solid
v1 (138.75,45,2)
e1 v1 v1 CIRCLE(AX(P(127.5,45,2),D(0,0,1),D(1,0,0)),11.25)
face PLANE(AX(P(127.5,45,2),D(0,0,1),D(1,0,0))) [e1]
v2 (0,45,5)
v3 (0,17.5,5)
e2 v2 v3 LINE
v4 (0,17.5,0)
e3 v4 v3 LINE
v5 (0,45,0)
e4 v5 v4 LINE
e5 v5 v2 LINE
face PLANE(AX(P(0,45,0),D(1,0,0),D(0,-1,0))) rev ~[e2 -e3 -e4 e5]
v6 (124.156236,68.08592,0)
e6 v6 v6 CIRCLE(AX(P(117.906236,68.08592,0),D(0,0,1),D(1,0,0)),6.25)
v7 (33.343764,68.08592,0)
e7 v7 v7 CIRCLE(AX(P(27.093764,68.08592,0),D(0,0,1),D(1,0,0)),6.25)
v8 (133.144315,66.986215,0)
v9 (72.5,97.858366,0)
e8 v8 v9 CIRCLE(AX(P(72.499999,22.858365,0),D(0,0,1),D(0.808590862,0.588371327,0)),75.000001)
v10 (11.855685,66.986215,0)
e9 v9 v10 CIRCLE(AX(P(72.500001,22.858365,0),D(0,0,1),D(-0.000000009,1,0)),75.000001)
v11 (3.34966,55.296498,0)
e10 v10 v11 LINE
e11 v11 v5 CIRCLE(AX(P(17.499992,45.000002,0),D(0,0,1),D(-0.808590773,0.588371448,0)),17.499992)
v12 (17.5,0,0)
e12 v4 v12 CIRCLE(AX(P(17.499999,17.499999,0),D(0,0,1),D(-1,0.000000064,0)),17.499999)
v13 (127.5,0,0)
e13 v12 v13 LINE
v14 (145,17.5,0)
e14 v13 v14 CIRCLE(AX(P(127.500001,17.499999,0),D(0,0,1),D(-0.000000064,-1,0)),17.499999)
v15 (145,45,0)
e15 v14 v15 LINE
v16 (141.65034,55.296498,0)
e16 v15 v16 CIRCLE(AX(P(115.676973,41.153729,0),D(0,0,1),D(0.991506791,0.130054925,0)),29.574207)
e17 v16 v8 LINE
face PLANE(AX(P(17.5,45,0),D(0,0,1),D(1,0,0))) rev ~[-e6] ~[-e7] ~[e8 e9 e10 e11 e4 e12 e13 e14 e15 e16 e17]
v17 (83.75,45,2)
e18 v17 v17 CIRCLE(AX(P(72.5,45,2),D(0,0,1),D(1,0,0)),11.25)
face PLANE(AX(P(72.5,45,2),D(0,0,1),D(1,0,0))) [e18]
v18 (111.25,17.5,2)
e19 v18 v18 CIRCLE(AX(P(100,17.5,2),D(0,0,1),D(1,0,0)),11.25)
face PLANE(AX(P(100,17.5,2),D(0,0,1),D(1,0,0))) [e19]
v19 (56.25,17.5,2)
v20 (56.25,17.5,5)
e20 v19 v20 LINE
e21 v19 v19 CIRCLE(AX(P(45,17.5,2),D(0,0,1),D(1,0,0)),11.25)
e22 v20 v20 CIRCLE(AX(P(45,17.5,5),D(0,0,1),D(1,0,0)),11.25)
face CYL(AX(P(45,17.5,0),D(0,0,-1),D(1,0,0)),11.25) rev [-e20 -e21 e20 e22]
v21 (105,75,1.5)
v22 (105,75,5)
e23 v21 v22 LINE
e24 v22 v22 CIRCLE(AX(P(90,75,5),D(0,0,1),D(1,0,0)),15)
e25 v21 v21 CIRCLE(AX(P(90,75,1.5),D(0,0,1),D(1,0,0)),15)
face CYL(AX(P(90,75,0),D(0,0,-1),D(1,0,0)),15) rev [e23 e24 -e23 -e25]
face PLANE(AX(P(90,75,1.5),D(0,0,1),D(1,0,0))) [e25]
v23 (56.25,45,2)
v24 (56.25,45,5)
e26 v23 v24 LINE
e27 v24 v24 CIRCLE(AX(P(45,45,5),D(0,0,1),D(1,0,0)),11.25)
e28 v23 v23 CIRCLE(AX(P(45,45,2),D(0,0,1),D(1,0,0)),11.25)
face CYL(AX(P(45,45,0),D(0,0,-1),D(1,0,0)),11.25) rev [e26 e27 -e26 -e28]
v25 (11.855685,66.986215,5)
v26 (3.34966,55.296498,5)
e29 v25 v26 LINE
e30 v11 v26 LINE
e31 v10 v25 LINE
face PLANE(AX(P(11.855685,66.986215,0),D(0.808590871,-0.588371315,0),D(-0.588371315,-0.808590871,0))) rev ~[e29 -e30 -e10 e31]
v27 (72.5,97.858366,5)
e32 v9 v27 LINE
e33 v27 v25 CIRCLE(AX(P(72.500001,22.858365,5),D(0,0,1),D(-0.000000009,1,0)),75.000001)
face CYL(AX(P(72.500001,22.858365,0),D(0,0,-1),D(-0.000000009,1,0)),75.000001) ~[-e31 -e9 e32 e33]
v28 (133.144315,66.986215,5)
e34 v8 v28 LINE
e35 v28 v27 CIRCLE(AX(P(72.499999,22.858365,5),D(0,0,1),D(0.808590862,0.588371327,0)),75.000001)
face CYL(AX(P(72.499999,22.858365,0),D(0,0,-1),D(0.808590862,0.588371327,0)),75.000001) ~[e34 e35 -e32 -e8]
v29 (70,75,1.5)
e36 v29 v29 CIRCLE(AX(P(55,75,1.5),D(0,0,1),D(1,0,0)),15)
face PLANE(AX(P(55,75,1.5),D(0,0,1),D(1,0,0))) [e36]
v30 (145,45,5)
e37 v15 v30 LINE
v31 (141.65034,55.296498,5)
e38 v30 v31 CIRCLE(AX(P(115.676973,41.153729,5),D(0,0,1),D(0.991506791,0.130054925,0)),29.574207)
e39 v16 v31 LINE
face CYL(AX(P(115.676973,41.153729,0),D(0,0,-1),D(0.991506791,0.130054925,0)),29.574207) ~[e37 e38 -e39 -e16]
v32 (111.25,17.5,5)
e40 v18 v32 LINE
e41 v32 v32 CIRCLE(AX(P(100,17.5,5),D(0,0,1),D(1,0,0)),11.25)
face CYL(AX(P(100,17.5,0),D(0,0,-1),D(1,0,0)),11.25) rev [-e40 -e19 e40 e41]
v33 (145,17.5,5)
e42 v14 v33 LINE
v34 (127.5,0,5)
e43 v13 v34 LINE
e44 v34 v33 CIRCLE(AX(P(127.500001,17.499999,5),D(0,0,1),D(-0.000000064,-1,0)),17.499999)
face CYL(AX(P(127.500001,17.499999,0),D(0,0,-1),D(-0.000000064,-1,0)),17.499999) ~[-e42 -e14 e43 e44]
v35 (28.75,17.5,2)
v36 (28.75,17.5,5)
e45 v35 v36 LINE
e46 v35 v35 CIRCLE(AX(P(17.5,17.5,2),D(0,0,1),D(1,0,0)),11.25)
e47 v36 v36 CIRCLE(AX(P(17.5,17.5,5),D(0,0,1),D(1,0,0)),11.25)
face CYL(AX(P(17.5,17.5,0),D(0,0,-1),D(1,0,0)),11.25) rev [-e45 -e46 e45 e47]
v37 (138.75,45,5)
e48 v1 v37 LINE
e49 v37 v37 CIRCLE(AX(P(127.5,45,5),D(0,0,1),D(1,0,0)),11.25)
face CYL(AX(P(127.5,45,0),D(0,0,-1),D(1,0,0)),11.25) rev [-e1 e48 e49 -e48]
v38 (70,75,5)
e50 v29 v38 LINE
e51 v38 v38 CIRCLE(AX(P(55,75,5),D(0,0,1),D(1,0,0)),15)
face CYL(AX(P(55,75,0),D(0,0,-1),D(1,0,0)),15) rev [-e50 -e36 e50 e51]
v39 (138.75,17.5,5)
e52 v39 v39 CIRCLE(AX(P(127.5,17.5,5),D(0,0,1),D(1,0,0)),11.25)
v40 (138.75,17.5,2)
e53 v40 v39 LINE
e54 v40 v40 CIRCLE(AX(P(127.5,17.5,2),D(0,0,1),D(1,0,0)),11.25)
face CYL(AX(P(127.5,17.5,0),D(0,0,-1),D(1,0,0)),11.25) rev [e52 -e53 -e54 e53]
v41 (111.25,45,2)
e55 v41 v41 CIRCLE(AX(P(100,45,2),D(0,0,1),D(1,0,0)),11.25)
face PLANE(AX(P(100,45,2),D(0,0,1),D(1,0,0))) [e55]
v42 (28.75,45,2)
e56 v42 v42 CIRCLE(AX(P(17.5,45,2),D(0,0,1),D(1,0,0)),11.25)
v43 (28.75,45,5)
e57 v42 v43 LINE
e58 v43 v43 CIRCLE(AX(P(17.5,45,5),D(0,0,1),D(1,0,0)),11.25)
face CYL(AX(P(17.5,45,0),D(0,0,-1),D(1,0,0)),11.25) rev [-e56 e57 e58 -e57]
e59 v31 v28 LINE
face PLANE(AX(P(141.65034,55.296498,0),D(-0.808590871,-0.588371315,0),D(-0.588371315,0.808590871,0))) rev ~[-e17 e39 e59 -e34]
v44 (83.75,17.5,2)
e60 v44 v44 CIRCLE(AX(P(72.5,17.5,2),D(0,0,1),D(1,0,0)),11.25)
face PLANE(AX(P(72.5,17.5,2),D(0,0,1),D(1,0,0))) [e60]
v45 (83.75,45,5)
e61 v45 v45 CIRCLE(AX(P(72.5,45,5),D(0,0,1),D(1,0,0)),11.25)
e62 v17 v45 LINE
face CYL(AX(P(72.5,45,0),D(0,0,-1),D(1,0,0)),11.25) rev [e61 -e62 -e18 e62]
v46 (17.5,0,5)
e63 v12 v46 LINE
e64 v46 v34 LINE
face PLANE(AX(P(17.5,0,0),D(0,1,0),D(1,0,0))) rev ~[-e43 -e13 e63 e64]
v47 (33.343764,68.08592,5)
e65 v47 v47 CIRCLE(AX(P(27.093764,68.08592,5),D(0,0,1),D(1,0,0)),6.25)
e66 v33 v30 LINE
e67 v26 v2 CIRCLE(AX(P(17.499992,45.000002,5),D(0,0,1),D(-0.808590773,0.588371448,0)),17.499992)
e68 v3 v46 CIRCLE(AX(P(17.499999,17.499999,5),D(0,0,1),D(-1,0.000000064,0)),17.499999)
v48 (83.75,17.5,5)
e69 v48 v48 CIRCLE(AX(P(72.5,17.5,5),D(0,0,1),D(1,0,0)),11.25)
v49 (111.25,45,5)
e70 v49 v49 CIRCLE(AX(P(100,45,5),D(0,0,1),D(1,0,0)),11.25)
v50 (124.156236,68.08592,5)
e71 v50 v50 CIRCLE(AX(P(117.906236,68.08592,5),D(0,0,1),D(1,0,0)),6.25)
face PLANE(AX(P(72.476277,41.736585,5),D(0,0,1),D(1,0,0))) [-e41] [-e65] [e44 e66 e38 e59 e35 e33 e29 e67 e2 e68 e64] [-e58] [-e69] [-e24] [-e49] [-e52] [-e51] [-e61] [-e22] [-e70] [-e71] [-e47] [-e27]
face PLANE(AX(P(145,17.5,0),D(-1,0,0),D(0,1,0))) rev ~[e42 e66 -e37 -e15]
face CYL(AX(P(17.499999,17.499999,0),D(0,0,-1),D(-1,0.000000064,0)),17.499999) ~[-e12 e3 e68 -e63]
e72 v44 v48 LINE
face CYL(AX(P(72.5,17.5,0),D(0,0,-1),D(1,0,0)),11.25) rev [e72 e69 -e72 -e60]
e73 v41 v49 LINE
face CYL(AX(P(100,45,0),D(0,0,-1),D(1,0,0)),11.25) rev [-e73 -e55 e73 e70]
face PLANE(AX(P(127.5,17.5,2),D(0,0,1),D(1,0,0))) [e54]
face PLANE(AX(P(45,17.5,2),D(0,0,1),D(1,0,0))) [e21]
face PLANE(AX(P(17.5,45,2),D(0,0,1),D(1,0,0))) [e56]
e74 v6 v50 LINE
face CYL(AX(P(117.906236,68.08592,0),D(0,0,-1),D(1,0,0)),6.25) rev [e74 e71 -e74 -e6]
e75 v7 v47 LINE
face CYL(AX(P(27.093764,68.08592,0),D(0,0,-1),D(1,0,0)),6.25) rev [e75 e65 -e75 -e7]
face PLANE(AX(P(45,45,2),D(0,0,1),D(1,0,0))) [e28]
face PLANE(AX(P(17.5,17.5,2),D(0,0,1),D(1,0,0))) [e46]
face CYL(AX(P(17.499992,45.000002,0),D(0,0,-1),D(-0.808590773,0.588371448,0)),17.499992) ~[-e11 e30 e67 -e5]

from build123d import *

# Parameters (mm, degrees)
F0_R     = 11.25
F0_R_2   = 6.25
F0_R_3   = 15
F1_DEPTH = 5
F2_DEPTH = 1.5
F3_DEPTH = 2


with BuildPart() as f1:
    # F0 (on Top) → F1 (new body)
    with BuildSketch(Plane.XY):
        with BuildLine():
            ThreePointArc((3.34966, 55.296498), (0.858471, 50.413827), (0, 45))
            Line((0, 45), (0, 17.5))
            ThreePointArc((0, 17.5), (5.125631, 5.125631), (17.5, 0))
            Line((17.5, 0), (127.5, 0))
            ThreePointArc((127.5, 0), (139.874369, 5.125631), (145, 17.5))
            Line((145, 17.5), (145, 45))
            ThreePointArc((145, 45), (143.800402, 50.302852), (141.65034, 55.296498))
            Line((141.65034, 55.296498), (133.144315, 66.986215))
            ThreePointArc((133.144315, 66.986215), (106.525074, 89.696187), (72.5, 97.858366))
            ThreePointArc((72.5, 97.858366), (38.474926, 89.696187), (11.855685, 66.986215))
            Line((11.855685, 66.986215), (3.34966, 55.296498))
        make_face()
        with Locations((17.5, 17.5)):
            Circle(F0_R, mode=Mode.SUBTRACT)
        with Locations((45, 17.5)):
            Circle(F0_R, mode=Mode.SUBTRACT)
        with Locations((17.5, 45)):
            Circle(F0_R, mode=Mode.SUBTRACT)
        with Locations((45, 45)):
            Circle(F0_R, mode=Mode.SUBTRACT)
        with Locations((72.5, 17.5)):
            Circle(F0_R, mode=Mode.SUBTRACT)
        with Locations((100, 17.5)):
            Circle(F0_R, mode=Mode.SUBTRACT)
        with Locations((127.5, 17.5)):
            Circle(F0_R, mode=Mode.SUBTRACT)
        with Locations((72.5, 45)):
            Circle(F0_R, mode=Mode.SUBTRACT)
        with Locations((100, 45)):
            Circle(F0_R, mode=Mode.SUBTRACT)
        with Locations((127.5, 45)):
            Circle(F0_R, mode=Mode.SUBTRACT)
        with Locations((27.093764, 68.08592)):
            Circle(F0_R_2, mode=Mode.SUBTRACT)
        with Locations((55, 75)):
            Circle(F0_R_3, mode=Mode.SUBTRACT)
        with Locations((117.906236, 68.08592)):
            Circle(F0_R_2, mode=Mode.SUBTRACT)
        with Locations((90, 75)):
            Circle(F0_R_3, mode=Mode.SUBTRACT)
    extrude(amount=F1_DEPTH)

    # F0 (on Top) → F2 (join)
    with BuildSketch(Plane.XY):
        with Locations((55, 75)):
            Circle(F0_R_3)
        with Locations((90, 75)):
            Circle(F0_R_3)
    extrude(amount=F2_DEPTH)

    # F0 (on Top) → F3 (join)
    with BuildSketch(Plane.XY):
        with Locations((17.5, 45)):
            Circle(F0_R)
        with Locations((17.5, 17.5)):
            Circle(F0_R)
        with Locations((45, 45)):
            Circle(F0_R)
        with Locations((45, 17.5)):
            Circle(F0_R)
        with Locations((72.5, 45)):
            Circle(F0_R)
        with Locations((72.5, 17.5)):
            Circle(F0_R)
        with Locations((100, 45)):
            Circle(F0_R)
        with Locations((100, 17.5)):
            Circle(F0_R)
        with Locations((127.5, 45)):
            Circle(F0_R)
        with Locations((127.5, 17.5)):
            Circle(F0_R)
    extrude(amount=F3_DEPTH)


solid = f1.part
